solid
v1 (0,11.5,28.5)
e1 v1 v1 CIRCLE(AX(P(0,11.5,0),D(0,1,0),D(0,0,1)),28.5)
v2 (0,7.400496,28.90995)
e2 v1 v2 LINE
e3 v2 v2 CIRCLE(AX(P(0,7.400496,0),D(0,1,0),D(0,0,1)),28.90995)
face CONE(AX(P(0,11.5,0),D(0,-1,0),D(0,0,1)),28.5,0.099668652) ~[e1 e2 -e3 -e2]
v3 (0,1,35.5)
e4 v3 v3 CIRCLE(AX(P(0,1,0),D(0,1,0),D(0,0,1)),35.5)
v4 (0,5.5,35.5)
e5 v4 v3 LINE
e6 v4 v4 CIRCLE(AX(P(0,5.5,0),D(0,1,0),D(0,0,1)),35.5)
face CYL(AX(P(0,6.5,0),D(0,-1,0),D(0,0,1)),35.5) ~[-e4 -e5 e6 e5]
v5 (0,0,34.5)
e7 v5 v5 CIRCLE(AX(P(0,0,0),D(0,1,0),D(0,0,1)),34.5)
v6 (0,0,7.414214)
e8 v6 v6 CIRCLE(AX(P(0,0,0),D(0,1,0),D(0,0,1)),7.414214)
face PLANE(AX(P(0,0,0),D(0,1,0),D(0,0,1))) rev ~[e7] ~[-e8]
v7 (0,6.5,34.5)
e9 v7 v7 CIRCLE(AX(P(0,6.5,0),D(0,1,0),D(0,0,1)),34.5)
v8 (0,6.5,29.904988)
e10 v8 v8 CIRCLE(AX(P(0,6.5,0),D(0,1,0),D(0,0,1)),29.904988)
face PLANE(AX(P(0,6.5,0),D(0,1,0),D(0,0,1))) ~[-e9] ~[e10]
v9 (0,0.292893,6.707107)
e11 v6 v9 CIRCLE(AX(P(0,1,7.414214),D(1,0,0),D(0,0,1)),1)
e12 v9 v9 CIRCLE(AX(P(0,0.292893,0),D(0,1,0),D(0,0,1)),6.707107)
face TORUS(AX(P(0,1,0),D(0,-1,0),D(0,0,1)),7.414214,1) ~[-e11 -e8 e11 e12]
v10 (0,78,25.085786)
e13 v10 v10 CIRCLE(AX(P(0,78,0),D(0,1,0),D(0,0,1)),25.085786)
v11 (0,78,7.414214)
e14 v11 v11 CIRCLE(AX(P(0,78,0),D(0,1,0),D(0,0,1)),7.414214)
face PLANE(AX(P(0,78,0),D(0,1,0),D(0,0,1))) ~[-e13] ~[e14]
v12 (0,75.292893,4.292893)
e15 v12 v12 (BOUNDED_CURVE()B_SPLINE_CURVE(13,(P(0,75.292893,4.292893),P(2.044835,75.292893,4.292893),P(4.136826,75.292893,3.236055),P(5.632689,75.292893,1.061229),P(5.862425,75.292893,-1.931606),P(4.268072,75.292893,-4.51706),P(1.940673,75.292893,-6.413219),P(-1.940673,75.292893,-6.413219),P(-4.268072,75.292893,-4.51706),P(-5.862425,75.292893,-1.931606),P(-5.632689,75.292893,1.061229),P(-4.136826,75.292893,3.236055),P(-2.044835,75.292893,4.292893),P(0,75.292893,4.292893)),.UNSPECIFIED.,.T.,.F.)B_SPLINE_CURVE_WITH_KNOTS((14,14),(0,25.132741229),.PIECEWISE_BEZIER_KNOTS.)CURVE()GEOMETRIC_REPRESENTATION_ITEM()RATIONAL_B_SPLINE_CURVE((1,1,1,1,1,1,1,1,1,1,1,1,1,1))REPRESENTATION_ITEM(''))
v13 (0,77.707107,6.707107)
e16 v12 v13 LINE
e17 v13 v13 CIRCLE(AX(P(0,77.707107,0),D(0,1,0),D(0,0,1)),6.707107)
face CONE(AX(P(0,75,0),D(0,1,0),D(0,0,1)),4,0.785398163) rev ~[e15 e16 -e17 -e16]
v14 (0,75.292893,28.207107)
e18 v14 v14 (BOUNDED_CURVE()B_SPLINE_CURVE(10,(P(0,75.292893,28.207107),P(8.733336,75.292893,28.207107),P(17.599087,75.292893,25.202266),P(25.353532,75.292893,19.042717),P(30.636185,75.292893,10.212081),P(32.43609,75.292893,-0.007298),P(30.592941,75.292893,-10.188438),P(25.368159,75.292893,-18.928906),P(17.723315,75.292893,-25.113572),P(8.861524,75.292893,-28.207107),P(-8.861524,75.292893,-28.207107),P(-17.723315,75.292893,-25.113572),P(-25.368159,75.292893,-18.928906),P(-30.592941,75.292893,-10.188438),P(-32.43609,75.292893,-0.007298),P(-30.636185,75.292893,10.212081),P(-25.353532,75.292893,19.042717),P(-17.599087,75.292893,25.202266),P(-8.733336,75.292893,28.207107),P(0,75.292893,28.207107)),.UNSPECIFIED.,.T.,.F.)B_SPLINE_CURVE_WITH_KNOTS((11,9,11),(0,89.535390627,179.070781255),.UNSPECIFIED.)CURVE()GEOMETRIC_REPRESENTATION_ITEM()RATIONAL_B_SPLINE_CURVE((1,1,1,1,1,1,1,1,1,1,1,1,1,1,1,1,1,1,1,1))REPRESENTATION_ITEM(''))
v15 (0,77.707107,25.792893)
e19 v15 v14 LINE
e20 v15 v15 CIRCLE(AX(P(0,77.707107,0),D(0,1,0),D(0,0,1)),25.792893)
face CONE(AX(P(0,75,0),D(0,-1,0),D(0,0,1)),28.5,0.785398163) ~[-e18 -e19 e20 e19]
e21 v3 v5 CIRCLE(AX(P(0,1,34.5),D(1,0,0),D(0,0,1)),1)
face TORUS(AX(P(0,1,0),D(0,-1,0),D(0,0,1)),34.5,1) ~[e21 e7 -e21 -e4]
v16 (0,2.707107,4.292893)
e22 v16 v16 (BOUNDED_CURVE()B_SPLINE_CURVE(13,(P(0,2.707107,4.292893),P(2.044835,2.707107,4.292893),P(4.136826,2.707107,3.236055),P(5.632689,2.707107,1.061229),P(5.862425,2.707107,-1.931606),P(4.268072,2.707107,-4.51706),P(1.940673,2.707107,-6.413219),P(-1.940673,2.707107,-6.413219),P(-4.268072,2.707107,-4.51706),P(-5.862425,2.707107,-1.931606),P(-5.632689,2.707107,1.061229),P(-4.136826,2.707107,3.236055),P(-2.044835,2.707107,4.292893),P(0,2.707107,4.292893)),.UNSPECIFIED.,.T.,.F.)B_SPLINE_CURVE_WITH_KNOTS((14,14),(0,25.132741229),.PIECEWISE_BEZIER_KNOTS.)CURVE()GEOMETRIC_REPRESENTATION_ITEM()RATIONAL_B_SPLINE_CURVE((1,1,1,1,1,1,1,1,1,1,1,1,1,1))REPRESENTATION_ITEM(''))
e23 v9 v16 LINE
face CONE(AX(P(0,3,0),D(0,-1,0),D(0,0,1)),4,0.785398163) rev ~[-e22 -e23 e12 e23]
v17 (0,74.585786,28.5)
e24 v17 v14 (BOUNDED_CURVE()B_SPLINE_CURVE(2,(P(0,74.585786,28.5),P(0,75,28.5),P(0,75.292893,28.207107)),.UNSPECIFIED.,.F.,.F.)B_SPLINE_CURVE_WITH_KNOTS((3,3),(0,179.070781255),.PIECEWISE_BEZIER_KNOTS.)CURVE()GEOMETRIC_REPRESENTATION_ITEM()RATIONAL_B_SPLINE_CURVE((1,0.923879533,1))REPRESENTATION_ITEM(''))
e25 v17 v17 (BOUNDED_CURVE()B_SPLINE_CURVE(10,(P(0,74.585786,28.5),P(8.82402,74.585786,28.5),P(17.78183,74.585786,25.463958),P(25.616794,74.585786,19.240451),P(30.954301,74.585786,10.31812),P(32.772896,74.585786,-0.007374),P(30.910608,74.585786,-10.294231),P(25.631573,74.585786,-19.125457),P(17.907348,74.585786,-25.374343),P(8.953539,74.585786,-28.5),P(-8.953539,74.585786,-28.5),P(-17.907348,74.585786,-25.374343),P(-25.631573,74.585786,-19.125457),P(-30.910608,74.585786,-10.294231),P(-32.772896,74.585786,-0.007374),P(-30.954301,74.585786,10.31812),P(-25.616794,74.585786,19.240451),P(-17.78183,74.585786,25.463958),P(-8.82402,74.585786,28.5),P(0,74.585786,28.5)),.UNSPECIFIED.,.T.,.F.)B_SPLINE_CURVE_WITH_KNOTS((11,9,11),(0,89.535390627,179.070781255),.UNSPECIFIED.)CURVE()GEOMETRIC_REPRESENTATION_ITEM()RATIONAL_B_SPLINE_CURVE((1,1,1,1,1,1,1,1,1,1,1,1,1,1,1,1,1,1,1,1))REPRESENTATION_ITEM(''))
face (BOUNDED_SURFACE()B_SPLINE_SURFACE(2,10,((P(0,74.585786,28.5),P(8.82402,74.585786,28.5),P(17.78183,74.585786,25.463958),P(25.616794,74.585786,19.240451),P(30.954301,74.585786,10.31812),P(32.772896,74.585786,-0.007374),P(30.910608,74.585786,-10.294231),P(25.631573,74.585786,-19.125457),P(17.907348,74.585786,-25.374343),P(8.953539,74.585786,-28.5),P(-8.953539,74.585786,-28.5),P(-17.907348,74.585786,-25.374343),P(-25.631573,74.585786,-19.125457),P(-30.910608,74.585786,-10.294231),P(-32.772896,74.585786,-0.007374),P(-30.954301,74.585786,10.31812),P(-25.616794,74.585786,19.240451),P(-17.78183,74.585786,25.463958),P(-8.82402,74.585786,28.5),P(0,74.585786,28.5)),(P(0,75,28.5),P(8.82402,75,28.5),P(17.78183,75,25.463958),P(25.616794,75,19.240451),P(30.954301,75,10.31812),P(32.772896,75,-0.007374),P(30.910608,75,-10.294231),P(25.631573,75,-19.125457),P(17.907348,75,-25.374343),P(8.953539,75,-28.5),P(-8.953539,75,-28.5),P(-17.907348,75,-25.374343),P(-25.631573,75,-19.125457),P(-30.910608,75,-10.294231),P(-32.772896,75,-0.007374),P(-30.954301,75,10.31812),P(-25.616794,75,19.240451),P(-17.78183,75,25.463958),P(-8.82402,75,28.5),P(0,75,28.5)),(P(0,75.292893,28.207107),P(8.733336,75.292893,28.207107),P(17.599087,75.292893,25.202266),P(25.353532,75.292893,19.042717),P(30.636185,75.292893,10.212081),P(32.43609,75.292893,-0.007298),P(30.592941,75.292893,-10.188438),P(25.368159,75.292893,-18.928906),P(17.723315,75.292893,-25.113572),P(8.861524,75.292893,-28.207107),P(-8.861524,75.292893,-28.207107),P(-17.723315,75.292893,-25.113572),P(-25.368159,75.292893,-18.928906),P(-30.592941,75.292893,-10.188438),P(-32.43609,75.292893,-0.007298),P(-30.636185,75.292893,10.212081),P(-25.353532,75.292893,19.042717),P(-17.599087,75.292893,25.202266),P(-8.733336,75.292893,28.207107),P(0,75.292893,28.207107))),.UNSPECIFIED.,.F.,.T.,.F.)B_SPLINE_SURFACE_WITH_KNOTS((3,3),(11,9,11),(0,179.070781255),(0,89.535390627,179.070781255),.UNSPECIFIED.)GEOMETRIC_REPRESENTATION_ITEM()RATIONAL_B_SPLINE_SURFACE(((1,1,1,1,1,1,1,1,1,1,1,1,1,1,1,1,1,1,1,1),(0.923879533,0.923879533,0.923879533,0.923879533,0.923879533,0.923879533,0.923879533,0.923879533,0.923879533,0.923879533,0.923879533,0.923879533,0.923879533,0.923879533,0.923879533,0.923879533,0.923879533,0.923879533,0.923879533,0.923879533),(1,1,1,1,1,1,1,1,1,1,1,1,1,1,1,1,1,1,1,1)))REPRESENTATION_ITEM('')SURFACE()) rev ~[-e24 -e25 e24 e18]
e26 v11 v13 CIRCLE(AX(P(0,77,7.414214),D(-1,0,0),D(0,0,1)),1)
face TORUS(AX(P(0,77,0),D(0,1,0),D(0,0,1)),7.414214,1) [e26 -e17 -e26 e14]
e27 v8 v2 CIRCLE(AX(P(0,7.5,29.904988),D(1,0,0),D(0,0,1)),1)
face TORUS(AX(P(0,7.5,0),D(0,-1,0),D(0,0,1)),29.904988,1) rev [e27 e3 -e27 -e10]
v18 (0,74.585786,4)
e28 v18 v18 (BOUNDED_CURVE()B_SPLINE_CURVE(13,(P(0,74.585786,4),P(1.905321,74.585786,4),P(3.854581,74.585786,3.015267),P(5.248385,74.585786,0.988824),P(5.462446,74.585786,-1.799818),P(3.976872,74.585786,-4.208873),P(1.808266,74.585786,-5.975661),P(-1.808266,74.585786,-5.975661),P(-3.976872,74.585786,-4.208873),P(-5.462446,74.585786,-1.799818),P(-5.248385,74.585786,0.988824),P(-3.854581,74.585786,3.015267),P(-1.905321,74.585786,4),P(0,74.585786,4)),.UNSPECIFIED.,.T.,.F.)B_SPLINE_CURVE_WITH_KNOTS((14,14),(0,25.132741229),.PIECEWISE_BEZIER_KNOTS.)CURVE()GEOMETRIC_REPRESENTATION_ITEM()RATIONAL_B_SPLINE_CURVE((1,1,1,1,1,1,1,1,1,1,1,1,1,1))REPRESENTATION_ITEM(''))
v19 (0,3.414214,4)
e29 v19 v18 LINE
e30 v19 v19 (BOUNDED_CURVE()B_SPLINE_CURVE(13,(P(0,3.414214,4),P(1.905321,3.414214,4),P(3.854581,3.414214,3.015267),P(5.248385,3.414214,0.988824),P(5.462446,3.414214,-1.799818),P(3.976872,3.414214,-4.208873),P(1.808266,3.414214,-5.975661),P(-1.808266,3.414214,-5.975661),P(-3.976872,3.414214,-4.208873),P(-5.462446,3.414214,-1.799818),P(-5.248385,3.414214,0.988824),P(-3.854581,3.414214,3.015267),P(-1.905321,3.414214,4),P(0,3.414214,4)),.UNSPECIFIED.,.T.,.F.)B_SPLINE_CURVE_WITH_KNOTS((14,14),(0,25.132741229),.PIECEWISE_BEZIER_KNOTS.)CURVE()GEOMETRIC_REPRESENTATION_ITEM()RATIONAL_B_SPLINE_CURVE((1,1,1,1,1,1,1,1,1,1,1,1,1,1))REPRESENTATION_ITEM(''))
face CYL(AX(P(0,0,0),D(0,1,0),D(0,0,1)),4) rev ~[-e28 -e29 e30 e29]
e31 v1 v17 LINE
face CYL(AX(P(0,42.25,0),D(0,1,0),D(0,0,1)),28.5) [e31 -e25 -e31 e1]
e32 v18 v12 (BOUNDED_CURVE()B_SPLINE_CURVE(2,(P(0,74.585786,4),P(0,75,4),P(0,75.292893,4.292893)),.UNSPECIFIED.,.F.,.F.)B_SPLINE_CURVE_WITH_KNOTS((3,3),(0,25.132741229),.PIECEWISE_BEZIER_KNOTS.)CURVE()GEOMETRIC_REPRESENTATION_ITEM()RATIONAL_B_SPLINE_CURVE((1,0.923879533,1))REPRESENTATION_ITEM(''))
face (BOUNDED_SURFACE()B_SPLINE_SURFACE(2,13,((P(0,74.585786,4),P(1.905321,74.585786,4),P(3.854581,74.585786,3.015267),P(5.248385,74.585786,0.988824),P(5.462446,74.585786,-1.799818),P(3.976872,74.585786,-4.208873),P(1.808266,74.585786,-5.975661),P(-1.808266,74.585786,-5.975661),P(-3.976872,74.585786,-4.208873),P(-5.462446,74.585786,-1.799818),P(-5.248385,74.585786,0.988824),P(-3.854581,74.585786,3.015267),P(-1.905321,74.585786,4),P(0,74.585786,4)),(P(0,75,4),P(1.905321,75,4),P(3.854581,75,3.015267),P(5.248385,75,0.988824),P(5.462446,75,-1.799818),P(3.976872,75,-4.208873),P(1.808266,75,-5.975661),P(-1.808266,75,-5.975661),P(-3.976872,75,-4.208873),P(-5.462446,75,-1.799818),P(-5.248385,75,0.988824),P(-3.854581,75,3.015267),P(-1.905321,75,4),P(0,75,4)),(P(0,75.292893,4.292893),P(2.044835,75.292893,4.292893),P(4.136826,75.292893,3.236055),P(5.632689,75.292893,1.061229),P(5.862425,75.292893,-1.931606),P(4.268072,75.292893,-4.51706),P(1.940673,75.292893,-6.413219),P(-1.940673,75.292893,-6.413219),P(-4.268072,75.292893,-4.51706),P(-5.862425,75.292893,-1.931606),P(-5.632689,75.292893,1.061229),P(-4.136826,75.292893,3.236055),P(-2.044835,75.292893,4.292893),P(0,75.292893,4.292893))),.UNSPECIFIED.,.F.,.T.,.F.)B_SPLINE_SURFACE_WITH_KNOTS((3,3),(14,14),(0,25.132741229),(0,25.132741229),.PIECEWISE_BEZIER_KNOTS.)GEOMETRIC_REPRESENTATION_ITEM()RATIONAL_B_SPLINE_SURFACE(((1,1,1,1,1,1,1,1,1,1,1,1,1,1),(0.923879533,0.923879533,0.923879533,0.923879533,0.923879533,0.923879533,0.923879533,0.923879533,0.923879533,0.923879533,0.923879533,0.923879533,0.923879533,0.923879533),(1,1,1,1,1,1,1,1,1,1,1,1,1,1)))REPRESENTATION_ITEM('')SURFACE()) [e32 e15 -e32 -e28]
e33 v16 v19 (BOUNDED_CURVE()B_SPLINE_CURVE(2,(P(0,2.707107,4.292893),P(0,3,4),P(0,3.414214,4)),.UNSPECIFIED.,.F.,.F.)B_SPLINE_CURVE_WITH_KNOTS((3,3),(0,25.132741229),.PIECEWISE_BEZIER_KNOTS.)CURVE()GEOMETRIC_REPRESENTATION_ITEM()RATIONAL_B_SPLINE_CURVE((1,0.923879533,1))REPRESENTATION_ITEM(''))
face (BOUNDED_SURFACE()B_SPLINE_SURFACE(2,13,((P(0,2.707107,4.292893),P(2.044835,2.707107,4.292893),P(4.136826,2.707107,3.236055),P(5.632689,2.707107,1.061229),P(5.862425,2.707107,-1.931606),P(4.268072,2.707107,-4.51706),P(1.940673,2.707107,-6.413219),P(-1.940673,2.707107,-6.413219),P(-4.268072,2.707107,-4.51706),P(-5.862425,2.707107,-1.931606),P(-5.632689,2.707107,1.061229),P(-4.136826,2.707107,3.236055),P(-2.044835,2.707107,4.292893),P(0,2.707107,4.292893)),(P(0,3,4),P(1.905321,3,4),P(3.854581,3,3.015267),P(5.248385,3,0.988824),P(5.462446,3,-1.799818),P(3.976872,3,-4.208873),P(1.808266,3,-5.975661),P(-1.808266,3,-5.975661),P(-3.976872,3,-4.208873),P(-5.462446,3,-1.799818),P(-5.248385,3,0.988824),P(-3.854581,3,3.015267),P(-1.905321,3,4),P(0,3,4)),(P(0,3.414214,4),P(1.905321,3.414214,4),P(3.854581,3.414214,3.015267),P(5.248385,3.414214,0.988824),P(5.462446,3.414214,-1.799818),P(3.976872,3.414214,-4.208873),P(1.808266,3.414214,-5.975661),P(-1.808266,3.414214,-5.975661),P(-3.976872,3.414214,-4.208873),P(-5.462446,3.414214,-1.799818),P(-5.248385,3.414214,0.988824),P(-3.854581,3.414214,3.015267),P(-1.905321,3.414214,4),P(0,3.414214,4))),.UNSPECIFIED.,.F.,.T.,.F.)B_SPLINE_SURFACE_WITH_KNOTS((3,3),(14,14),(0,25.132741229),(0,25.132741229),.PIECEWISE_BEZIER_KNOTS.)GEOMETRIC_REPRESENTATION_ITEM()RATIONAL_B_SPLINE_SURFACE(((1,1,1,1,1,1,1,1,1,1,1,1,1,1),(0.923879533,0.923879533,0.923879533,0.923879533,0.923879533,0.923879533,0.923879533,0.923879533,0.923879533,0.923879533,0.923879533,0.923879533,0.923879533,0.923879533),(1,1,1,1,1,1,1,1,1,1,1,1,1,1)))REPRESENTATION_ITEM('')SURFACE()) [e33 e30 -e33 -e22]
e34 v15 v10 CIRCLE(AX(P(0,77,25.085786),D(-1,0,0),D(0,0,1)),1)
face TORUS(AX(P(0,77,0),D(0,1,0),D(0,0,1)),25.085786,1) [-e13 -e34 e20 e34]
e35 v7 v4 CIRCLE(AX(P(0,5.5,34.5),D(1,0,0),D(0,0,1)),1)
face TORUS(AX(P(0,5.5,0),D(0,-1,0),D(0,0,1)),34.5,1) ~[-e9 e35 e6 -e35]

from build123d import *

# Parameters (mm, degrees)
F0_W     = 71.5
F0_H     = 24.5
F2_SIZE  = 3
F3_SIZE2 = 0.5
F3_SIZE  = 5
F4_R     = 1


with BuildPart() as f1:
    # F0 (on Right) → F1 (revolve)
    with BuildSketch(Plane.YZ):
        Polygon((0, 35.5), (0, 4), (6.5, 4), (6.5, 28.5), (6.5, 35.5), align=None)
        with Locations((42.25, 16.25)):
            Rectangle(F0_W, F0_H)
    revolve(axis=Axis((0, 38.0806664313, 0), (0, 1, 0)))

    # F2
    f2_edges = [f1.edges().sort_by_distance(p)[0] for p in [
        (0, 78, -28.5),
        (0, 78, -4),
        (0, 0, -4),
    ]]
    chamfer(f2_edges, length=F2_SIZE)

    # F3
    f3_edges = [f1.edges().sort_by_distance(p)[0] for p in [
        (0, 6.5, -28.5),
    ]]
    f3_side = f1.faces().sort_by_distance((0, 40.75, -28.5))[0]
    chamfer(f3_edges, length=F3_SIZE, length2=F3_SIZE2, reference=f3_side)

    # F4
    f4_edges = [f1.edges().sort_by_distance(p)[0] for p in [
        (0, 0, -35.5),
        (0, 6.5, -35.5),
        (0, 6.5, -29),
        (0, 75, -28.5),
        (0, 78, -25.5),
        (0, 75, -4),
        (0, 78, -7),
        (0, 0, -7),
        (0, 3, -4),
    ]]
    fillet(f4_edges, radius=F4_R)


solid = f1.part
